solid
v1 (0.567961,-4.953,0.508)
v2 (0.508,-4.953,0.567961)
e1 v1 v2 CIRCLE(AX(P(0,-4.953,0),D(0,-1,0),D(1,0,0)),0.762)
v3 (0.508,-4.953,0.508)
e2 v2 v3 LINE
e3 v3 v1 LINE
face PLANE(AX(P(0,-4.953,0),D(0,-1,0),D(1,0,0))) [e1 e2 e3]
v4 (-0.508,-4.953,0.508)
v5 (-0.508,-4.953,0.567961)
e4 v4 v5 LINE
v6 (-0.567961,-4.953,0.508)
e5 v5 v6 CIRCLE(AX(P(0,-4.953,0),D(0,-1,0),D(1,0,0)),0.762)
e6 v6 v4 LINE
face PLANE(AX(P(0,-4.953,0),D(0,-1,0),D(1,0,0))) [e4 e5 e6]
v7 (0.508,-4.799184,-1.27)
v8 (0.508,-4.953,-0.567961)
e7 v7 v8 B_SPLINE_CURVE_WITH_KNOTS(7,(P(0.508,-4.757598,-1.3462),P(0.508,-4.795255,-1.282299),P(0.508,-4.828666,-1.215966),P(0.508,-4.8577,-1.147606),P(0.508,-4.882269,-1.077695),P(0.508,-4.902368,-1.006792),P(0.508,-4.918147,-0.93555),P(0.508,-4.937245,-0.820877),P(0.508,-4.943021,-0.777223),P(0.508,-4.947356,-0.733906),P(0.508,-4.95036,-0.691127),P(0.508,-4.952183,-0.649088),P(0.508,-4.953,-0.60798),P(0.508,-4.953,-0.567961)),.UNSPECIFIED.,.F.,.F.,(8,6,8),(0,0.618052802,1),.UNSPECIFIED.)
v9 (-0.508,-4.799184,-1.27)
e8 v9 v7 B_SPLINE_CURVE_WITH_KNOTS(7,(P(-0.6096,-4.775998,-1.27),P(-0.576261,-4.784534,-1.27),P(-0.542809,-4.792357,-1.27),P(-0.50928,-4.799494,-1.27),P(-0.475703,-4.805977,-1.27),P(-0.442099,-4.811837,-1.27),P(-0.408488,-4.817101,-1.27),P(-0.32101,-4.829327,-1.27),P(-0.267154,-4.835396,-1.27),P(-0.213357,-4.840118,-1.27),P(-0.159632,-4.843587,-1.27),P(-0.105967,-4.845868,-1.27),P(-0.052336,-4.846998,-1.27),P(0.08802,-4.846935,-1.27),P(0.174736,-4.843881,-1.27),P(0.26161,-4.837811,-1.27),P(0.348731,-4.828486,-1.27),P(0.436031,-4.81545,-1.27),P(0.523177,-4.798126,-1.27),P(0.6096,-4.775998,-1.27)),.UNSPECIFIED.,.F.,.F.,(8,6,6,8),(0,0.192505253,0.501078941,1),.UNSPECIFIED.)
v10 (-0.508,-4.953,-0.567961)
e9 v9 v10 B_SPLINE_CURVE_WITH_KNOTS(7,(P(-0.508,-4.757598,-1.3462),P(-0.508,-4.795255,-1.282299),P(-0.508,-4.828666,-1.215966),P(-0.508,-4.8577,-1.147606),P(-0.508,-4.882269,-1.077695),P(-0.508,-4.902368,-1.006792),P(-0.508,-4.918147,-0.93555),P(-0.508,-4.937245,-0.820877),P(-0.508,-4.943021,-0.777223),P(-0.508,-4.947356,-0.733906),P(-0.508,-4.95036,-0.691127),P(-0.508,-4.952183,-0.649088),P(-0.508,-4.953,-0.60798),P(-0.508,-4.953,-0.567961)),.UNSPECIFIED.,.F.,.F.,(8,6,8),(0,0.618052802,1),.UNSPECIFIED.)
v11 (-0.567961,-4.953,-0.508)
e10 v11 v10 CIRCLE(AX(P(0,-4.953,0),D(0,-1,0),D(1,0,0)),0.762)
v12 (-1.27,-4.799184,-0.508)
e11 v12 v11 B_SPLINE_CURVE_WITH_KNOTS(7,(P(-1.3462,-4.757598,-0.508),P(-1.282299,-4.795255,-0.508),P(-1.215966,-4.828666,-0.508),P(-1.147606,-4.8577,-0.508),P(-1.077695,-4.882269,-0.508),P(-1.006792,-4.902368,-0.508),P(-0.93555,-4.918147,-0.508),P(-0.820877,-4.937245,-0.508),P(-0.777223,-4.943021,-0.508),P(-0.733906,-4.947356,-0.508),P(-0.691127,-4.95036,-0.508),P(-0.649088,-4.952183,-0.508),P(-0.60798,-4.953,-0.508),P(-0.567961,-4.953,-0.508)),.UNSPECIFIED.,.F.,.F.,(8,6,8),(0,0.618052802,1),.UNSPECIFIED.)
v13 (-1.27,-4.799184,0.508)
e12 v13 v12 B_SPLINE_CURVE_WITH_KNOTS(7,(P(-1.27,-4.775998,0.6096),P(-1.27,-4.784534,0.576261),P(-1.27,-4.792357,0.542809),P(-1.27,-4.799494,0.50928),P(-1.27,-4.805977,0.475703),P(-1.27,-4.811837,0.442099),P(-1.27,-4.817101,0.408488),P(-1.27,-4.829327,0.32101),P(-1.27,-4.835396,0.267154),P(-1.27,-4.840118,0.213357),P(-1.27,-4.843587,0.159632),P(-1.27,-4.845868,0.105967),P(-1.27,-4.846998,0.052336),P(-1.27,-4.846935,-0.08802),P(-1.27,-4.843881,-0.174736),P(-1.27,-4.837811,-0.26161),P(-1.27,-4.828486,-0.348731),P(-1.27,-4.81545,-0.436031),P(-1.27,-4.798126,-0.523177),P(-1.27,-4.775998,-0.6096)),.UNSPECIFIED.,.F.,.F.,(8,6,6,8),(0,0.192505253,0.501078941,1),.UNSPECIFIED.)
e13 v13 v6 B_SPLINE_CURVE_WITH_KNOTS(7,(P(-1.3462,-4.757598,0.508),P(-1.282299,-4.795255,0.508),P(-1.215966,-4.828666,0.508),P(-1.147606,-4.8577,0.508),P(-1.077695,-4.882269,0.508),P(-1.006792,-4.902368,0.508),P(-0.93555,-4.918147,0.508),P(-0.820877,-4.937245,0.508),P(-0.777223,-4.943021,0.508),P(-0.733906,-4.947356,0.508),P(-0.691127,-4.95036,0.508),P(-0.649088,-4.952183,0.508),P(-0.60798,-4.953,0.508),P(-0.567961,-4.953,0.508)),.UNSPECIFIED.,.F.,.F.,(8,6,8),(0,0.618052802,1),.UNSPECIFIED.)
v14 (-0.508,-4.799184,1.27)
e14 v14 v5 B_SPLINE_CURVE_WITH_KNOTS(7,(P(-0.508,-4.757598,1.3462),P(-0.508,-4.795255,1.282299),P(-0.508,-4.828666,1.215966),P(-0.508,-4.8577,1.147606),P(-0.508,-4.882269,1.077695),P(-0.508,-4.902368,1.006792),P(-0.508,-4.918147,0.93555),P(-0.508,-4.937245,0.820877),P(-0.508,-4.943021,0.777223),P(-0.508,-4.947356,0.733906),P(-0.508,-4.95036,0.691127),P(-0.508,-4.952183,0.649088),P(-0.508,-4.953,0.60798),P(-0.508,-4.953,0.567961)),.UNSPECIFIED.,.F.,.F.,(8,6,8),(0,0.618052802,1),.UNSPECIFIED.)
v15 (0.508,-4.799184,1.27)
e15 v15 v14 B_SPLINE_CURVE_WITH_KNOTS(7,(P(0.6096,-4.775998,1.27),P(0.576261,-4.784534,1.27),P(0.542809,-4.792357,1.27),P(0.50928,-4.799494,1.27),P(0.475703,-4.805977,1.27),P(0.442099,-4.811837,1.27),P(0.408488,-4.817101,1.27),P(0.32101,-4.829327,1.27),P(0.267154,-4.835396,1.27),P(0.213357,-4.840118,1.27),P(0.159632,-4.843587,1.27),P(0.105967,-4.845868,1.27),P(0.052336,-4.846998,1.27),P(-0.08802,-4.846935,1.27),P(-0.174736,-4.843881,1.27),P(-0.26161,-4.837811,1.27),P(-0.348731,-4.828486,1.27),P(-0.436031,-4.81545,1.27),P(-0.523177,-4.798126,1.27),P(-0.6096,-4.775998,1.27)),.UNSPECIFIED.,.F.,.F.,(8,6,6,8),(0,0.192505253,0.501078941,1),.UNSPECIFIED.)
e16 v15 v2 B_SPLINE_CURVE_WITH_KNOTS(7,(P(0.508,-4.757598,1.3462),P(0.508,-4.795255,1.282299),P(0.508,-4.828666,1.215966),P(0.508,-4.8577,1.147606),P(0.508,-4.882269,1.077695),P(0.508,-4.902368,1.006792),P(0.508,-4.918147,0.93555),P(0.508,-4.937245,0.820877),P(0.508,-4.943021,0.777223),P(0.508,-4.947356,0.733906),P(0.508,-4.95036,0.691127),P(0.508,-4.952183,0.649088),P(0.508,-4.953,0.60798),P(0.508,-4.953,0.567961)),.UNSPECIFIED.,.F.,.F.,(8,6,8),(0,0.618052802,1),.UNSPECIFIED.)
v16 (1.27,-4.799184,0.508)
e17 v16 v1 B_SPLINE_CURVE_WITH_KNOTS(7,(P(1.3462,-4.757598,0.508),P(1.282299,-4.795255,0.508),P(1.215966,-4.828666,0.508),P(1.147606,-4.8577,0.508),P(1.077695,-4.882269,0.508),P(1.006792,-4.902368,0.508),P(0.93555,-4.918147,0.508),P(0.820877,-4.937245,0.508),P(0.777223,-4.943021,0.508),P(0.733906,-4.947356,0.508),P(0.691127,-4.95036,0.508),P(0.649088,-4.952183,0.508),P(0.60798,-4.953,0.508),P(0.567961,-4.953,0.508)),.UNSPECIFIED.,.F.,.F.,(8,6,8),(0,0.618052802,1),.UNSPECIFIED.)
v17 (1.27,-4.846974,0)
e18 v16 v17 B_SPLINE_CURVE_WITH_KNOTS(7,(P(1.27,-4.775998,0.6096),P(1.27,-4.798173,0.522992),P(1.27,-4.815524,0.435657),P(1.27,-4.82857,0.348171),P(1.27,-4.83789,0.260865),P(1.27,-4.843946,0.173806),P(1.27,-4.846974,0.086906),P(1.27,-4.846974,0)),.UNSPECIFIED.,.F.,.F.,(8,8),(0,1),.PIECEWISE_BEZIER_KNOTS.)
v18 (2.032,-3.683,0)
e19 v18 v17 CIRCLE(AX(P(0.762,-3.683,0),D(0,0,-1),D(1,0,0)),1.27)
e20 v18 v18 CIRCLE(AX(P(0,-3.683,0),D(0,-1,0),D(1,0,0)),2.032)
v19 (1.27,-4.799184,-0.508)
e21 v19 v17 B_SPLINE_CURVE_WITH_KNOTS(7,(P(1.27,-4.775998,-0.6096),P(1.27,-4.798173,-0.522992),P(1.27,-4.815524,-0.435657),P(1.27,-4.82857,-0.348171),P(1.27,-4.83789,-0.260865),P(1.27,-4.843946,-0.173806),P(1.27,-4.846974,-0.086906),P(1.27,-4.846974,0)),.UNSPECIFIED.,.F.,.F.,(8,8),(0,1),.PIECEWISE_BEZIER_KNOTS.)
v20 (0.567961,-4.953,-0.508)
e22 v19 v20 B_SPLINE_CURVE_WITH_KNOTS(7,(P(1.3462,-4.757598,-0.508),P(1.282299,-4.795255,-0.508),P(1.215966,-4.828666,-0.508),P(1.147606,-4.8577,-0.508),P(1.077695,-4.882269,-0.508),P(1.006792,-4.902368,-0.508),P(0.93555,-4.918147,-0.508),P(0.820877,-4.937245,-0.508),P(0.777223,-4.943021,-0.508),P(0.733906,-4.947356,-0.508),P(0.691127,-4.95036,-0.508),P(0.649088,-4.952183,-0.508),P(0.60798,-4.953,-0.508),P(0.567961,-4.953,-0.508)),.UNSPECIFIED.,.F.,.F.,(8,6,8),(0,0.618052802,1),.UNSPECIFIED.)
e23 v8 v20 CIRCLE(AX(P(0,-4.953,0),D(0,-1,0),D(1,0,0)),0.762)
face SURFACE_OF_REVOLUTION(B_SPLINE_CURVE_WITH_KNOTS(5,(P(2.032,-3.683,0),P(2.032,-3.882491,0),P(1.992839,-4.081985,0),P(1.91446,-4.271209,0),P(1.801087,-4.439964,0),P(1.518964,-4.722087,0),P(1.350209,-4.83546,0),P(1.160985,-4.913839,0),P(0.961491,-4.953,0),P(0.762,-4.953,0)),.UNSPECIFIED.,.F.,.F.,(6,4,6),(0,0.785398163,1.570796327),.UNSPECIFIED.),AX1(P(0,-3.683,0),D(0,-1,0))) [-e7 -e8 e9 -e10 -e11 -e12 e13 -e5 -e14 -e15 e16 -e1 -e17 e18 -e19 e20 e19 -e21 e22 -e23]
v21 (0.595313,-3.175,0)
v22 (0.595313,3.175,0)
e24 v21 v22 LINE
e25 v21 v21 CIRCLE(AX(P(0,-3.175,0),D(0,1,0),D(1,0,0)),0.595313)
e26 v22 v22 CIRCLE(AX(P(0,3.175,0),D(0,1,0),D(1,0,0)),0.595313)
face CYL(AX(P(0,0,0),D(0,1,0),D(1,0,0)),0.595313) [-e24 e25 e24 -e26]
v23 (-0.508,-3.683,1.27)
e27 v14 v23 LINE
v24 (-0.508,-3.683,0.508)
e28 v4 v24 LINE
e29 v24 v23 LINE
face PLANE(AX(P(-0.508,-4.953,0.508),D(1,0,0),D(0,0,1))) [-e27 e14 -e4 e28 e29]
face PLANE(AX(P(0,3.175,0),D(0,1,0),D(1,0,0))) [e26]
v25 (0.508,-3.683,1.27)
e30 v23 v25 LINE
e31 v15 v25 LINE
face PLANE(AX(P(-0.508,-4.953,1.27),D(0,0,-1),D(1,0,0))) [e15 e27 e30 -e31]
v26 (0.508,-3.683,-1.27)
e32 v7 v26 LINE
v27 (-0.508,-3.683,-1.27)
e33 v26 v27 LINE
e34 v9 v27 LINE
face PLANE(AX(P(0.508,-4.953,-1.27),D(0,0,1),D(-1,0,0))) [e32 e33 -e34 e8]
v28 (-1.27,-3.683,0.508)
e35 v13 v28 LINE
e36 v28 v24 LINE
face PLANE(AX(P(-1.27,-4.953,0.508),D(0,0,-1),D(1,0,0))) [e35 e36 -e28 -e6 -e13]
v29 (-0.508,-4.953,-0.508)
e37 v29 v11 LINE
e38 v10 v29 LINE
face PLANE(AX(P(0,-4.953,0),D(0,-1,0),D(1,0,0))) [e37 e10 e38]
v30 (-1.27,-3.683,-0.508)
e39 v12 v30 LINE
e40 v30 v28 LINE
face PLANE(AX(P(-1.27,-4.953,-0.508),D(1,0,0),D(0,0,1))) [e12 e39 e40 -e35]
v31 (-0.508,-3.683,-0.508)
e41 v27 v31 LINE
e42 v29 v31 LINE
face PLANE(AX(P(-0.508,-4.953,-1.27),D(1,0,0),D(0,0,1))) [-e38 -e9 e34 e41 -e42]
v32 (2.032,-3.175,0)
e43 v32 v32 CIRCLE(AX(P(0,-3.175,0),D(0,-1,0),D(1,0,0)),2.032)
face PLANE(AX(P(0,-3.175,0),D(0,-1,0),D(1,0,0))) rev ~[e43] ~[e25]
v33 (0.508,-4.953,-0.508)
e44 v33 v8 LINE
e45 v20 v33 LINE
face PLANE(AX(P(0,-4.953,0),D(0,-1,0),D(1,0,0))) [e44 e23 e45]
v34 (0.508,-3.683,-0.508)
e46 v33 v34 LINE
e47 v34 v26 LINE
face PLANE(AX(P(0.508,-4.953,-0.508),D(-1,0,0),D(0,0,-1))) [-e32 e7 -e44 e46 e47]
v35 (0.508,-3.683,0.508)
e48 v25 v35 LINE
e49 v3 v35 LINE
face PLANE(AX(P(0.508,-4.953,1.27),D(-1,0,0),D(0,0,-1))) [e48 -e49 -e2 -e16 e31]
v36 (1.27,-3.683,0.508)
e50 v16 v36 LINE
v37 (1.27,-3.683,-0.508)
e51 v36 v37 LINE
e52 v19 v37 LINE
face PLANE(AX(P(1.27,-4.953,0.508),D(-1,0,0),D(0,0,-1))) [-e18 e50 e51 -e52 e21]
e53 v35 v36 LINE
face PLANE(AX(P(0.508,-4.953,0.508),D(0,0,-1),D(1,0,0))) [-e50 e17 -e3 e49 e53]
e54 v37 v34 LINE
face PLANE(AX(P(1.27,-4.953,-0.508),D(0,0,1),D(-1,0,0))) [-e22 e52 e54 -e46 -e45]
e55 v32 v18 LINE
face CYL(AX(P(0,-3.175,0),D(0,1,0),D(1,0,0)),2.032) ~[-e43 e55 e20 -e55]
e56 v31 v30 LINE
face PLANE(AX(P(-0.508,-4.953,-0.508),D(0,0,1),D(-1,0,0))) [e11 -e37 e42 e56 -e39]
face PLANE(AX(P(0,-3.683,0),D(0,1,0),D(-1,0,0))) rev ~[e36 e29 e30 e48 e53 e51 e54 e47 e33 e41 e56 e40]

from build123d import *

# Parameters (mm, degrees)
SKETCH1_R           = 0.5953125
BOSS_EXTRUDE1_DEPTH = 3.175
SKETCH2_R           = 2.032
BOSS_EXTRUDE2_DEPTH = 1.778
FILLET1_R           = 1.27
CUT_EXTRUDE1_DEPTH  = 1.27


with BuildPart() as part:
    # Sketch1 → Boss-Extrude1 (new body, symmetric)
    with BuildSketch(Plane(origin=(0, 0, 0), x_dir=(1, 0, 0), z_dir=(0, 1, 0))):
        Circle(SKETCH1_R)
    extrude(amount=BOSS_EXTRUDE1_DEPTH, both=True)

    # Sketch2 → Boss-Extrude2 (add)
    with BuildSketch(Plane.XZ.offset(3.175)):
        Circle(SKETCH2_R)
    extrude(amount=BOSS_EXTRUDE2_DEPTH)

    # Fillet1
    fillet1_edges = [part.edges().sort_by_distance(p)[0] for p in [
        (-2.032, -4.953, 0),
    ]]
    fillet(fillet1_edges, radius=FILLET1_R)

    # Sketch3 → Cut-Extrude1 (cut)
    with BuildSketch(Plane.XZ.offset(4.953)):
        Polygon((-0.508, -0.508), (-1.27, -0.508), (-1.27, 0.508), (-0.508, 0.508), (-0.508, 1.27), (0.508, 1.27), (0.508, 0.508), (1.27, 0.508), (1.27, -0.508), (0.508, -0.508), (0.508, -1.27), (-0.508, -1.27), align=None)
    extrude(amount=-CUT_EXTRUDE1_DEPTH, mode=Mode.SUBTRACT)


solid = part.part
